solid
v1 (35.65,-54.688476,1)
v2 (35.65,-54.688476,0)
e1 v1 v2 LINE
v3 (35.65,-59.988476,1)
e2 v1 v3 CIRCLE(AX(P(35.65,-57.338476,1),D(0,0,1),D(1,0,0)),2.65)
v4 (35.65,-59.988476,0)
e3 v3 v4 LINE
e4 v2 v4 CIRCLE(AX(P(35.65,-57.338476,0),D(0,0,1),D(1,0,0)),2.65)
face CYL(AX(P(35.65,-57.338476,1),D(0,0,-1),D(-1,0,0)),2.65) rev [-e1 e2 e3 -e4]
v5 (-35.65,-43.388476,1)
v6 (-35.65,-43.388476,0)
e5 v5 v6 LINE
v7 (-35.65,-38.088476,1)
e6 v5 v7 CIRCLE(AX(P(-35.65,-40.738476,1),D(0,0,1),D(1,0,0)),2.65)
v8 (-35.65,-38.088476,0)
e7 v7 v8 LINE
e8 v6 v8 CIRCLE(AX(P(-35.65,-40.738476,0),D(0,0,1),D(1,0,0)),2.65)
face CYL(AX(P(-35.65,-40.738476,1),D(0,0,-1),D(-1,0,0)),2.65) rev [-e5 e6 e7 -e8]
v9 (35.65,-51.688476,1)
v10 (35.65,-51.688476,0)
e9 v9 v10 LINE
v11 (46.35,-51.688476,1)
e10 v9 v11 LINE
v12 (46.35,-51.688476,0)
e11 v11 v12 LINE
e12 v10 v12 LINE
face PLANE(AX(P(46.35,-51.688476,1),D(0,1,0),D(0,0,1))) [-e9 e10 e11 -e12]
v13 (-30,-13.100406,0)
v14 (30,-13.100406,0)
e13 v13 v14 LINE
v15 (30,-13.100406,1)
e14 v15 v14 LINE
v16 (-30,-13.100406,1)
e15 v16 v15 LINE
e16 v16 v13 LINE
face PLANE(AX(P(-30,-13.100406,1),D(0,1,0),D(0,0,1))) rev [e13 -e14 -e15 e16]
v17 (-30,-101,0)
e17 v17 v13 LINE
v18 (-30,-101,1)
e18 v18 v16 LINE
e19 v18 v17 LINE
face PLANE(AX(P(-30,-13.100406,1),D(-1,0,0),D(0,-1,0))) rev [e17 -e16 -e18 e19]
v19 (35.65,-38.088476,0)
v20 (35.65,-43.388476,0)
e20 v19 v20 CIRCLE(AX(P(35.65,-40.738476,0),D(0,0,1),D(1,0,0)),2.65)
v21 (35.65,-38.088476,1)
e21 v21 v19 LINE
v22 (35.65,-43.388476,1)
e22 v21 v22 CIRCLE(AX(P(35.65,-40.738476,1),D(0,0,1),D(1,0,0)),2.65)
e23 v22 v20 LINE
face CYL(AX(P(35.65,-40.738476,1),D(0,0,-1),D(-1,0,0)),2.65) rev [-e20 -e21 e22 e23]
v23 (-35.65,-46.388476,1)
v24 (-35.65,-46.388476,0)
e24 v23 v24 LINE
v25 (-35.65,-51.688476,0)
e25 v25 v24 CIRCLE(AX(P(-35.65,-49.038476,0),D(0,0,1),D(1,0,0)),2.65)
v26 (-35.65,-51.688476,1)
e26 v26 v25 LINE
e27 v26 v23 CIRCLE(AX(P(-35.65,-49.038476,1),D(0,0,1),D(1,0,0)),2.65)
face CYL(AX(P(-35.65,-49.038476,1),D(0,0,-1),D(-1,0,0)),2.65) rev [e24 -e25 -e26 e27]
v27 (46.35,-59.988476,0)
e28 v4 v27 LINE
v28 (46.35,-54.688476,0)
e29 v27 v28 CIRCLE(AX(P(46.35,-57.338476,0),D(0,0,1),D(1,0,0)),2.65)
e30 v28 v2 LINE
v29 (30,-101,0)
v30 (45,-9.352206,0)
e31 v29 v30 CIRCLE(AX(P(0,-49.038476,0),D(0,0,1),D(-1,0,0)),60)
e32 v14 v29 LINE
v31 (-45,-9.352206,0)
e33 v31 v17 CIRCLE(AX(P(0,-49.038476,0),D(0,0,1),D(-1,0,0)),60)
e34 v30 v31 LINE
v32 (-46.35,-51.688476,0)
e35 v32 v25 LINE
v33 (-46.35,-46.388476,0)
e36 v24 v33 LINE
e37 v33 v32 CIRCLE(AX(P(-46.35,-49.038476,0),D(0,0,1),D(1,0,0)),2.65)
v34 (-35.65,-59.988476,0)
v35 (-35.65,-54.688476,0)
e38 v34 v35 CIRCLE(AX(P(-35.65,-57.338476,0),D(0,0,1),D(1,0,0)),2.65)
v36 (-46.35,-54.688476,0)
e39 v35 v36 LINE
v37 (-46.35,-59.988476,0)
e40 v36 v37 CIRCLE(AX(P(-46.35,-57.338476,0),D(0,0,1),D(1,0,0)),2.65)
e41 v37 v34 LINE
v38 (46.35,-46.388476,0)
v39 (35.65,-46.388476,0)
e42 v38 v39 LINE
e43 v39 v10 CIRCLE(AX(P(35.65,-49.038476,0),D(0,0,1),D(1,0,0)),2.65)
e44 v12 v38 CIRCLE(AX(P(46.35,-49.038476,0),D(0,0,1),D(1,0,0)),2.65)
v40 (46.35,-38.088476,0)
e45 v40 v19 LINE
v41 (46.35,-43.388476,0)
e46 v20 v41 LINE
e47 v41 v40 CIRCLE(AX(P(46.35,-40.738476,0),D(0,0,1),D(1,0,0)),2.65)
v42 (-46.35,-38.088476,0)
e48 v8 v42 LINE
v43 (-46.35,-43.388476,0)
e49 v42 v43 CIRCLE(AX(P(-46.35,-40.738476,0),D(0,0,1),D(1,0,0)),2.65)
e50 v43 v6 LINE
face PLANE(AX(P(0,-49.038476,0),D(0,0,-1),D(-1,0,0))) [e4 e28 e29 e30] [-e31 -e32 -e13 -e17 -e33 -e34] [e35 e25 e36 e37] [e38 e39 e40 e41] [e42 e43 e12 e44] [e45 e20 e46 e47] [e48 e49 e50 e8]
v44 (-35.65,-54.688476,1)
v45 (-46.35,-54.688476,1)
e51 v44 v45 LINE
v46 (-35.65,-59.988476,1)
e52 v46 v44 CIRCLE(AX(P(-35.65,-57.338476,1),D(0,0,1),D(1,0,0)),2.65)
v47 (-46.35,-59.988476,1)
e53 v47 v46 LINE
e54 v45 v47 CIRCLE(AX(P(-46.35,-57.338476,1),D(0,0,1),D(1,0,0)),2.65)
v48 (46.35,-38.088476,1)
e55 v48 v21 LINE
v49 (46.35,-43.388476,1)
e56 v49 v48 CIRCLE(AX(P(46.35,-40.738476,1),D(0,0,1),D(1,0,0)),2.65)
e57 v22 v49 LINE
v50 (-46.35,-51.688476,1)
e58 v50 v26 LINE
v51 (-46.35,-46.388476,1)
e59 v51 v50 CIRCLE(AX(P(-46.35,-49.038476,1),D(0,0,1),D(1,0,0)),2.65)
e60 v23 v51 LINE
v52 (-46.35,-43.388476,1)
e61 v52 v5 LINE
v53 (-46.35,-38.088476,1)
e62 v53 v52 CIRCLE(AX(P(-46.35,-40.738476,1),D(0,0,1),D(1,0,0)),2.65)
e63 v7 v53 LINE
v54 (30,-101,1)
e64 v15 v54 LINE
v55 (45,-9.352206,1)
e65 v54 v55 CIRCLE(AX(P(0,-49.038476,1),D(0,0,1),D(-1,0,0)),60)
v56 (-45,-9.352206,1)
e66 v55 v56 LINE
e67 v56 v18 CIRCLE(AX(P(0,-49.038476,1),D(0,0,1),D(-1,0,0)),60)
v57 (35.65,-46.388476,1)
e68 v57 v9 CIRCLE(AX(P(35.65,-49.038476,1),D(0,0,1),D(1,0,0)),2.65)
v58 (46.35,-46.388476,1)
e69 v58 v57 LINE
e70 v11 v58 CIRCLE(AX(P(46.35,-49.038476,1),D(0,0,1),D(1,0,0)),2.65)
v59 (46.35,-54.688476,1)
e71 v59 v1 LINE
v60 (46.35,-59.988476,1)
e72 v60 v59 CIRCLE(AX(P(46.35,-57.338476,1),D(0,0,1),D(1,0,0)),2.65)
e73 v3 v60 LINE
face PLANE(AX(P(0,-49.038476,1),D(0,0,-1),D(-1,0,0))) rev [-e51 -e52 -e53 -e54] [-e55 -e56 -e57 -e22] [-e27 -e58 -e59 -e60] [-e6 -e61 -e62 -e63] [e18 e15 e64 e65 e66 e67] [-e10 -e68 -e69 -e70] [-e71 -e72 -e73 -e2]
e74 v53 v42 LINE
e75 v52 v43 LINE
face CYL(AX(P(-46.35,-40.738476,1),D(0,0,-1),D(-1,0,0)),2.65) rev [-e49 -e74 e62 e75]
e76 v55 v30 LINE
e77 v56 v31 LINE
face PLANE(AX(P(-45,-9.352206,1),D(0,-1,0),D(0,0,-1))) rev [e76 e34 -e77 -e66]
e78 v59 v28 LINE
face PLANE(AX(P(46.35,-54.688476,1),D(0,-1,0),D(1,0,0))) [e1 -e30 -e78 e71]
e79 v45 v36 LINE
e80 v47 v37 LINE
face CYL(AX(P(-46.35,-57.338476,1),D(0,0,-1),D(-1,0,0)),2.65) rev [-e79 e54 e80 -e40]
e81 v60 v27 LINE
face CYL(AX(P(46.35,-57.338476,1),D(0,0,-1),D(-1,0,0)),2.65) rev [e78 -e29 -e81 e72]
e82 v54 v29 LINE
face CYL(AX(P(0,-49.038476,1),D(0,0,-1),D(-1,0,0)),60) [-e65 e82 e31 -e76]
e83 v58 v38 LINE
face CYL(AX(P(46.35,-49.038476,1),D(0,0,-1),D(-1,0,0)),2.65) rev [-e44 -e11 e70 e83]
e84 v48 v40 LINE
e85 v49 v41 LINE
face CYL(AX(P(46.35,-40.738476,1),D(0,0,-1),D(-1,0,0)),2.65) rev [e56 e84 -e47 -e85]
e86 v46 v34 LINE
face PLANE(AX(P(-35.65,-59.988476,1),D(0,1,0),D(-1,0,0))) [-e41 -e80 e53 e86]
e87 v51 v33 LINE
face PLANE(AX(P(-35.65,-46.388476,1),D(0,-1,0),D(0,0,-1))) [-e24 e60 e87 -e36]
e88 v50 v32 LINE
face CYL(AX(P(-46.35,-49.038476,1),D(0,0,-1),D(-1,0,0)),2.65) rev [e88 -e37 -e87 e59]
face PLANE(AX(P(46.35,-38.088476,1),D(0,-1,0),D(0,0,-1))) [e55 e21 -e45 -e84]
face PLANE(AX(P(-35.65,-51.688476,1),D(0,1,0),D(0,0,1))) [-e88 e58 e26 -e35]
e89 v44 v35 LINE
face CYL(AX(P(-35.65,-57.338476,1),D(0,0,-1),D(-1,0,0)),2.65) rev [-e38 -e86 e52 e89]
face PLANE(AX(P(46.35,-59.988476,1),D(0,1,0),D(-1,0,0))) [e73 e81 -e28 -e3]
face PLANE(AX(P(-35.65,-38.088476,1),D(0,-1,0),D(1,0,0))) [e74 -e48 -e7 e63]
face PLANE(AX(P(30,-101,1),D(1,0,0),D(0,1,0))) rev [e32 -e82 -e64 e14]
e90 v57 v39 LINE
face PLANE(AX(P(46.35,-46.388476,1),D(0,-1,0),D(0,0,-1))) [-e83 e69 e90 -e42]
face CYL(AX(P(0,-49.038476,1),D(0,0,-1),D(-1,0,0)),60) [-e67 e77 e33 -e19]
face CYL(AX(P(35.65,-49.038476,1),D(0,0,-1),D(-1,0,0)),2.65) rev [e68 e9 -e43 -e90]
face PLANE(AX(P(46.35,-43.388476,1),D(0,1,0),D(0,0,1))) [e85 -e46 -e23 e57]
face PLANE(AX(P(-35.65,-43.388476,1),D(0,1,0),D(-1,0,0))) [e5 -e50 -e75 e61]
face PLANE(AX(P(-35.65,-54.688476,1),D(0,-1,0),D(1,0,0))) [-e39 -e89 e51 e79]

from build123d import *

# Parameters (mm, degrees)
BOSS_EXTRUDE2_DEPTH = 1


with BuildPart() as part:
    # Sketch1 → Boss-Extrude2 (new body)
    with BuildSketch(Plane.XY):
        with BuildLine():
            Line((-30, -13.100406207), (-30, -101))
            ThreePointArc((-30, -101), (-59.212156956, -58.729733103), (-45, -9.352206107))
            Line((-45, -9.352206107), (45, -9.352206107))
            ThreePointArc((45, -9.352206107), (59.212156956, -58.729733103), (30, -101))
            Line((30, -101), (30, -13.100406207))
            Line((30, -13.100406207), (-30, -13.100406207))
        make_face()
        with BuildLine():
            Line((-35.65, -43.388475773), (-46.35, -43.388475773))
            ThreePointArc((-46.35, -43.388475773), (-49, -40.738475773), (-46.35, -38.088475773))
            Line((-46.35, -38.088475773), (-35.65, -38.088475773))
            ThreePointArc((-35.65, -38.088475773), (-33, -40.738475773), (-35.65, -43.388475773))
        make_face(mode=Mode.SUBTRACT)
        with BuildLine():
            Line((-35.65, -51.688475773), (-46.35, -51.688475773))
            ThreePointArc((-46.35, -51.688475773), (-49, -49.038475773), (-46.35, -46.388475773))
            Line((-46.35, -46.388475773), (-35.65, -46.388475773))
            ThreePointArc((-35.65, -46.388475773), (-33, -49.038475773), (-35.65, -51.688475773))
        make_face(mode=Mode.SUBTRACT)
        with BuildLine():
            Line((-35.65, -59.988475773), (-46.35, -59.988475773))
            ThreePointArc((-46.35, -59.988475773), (-49, -57.338475773), (-46.35, -54.688475773))
            Line((-46.35, -54.688475773), (-35.65, -54.688475773))
            ThreePointArc((-35.65, -54.688475773), (-33, -57.338475773), (-35.65, -59.988475773))
        make_face(mode=Mode.SUBTRACT)
        with BuildLine():
            Line((46.35, -43.388475773), (35.65, -43.388475773))
            ThreePointArc((35.65, -43.388475773), (33, -40.738475773), (35.65, -38.088475773))
            Line((35.65, -38.088475773), (46.35, -38.088475773))
            ThreePointArc((46.35, -38.088475773), (49, -40.738475773), (46.35, -43.388475773))
        make_face(mode=Mode.SUBTRACT)
        with BuildLine():
            Line((46.35, -51.688475773), (35.65, -51.688475773))
            ThreePointArc((35.65, -51.688475773), (33, -49.038475773), (35.65, -46.388475773))
            Line((35.65, -46.388475773), (46.35, -46.388475773))
            ThreePointArc((46.35, -46.388475773), (49, -49.038475773), (46.35, -51.688475773))
        make_face(mode=Mode.SUBTRACT)
        with BuildLine():
            Line((46.35, -59.988475773), (35.65, -59.988475773))
            ThreePointArc((35.65, -59.988475773), (33, -57.338475773), (35.65, -54.688475773))
            Line((35.65, -54.688475773), (46.35, -54.688475773))
            ThreePointArc((46.35, -54.688475773), (49, -57.338475773), (46.35, -59.988475773))
        make_face(mode=Mode.SUBTRACT)
    extrude(amount=BOSS_EXTRUDE2_DEPTH)


solid = part.part
